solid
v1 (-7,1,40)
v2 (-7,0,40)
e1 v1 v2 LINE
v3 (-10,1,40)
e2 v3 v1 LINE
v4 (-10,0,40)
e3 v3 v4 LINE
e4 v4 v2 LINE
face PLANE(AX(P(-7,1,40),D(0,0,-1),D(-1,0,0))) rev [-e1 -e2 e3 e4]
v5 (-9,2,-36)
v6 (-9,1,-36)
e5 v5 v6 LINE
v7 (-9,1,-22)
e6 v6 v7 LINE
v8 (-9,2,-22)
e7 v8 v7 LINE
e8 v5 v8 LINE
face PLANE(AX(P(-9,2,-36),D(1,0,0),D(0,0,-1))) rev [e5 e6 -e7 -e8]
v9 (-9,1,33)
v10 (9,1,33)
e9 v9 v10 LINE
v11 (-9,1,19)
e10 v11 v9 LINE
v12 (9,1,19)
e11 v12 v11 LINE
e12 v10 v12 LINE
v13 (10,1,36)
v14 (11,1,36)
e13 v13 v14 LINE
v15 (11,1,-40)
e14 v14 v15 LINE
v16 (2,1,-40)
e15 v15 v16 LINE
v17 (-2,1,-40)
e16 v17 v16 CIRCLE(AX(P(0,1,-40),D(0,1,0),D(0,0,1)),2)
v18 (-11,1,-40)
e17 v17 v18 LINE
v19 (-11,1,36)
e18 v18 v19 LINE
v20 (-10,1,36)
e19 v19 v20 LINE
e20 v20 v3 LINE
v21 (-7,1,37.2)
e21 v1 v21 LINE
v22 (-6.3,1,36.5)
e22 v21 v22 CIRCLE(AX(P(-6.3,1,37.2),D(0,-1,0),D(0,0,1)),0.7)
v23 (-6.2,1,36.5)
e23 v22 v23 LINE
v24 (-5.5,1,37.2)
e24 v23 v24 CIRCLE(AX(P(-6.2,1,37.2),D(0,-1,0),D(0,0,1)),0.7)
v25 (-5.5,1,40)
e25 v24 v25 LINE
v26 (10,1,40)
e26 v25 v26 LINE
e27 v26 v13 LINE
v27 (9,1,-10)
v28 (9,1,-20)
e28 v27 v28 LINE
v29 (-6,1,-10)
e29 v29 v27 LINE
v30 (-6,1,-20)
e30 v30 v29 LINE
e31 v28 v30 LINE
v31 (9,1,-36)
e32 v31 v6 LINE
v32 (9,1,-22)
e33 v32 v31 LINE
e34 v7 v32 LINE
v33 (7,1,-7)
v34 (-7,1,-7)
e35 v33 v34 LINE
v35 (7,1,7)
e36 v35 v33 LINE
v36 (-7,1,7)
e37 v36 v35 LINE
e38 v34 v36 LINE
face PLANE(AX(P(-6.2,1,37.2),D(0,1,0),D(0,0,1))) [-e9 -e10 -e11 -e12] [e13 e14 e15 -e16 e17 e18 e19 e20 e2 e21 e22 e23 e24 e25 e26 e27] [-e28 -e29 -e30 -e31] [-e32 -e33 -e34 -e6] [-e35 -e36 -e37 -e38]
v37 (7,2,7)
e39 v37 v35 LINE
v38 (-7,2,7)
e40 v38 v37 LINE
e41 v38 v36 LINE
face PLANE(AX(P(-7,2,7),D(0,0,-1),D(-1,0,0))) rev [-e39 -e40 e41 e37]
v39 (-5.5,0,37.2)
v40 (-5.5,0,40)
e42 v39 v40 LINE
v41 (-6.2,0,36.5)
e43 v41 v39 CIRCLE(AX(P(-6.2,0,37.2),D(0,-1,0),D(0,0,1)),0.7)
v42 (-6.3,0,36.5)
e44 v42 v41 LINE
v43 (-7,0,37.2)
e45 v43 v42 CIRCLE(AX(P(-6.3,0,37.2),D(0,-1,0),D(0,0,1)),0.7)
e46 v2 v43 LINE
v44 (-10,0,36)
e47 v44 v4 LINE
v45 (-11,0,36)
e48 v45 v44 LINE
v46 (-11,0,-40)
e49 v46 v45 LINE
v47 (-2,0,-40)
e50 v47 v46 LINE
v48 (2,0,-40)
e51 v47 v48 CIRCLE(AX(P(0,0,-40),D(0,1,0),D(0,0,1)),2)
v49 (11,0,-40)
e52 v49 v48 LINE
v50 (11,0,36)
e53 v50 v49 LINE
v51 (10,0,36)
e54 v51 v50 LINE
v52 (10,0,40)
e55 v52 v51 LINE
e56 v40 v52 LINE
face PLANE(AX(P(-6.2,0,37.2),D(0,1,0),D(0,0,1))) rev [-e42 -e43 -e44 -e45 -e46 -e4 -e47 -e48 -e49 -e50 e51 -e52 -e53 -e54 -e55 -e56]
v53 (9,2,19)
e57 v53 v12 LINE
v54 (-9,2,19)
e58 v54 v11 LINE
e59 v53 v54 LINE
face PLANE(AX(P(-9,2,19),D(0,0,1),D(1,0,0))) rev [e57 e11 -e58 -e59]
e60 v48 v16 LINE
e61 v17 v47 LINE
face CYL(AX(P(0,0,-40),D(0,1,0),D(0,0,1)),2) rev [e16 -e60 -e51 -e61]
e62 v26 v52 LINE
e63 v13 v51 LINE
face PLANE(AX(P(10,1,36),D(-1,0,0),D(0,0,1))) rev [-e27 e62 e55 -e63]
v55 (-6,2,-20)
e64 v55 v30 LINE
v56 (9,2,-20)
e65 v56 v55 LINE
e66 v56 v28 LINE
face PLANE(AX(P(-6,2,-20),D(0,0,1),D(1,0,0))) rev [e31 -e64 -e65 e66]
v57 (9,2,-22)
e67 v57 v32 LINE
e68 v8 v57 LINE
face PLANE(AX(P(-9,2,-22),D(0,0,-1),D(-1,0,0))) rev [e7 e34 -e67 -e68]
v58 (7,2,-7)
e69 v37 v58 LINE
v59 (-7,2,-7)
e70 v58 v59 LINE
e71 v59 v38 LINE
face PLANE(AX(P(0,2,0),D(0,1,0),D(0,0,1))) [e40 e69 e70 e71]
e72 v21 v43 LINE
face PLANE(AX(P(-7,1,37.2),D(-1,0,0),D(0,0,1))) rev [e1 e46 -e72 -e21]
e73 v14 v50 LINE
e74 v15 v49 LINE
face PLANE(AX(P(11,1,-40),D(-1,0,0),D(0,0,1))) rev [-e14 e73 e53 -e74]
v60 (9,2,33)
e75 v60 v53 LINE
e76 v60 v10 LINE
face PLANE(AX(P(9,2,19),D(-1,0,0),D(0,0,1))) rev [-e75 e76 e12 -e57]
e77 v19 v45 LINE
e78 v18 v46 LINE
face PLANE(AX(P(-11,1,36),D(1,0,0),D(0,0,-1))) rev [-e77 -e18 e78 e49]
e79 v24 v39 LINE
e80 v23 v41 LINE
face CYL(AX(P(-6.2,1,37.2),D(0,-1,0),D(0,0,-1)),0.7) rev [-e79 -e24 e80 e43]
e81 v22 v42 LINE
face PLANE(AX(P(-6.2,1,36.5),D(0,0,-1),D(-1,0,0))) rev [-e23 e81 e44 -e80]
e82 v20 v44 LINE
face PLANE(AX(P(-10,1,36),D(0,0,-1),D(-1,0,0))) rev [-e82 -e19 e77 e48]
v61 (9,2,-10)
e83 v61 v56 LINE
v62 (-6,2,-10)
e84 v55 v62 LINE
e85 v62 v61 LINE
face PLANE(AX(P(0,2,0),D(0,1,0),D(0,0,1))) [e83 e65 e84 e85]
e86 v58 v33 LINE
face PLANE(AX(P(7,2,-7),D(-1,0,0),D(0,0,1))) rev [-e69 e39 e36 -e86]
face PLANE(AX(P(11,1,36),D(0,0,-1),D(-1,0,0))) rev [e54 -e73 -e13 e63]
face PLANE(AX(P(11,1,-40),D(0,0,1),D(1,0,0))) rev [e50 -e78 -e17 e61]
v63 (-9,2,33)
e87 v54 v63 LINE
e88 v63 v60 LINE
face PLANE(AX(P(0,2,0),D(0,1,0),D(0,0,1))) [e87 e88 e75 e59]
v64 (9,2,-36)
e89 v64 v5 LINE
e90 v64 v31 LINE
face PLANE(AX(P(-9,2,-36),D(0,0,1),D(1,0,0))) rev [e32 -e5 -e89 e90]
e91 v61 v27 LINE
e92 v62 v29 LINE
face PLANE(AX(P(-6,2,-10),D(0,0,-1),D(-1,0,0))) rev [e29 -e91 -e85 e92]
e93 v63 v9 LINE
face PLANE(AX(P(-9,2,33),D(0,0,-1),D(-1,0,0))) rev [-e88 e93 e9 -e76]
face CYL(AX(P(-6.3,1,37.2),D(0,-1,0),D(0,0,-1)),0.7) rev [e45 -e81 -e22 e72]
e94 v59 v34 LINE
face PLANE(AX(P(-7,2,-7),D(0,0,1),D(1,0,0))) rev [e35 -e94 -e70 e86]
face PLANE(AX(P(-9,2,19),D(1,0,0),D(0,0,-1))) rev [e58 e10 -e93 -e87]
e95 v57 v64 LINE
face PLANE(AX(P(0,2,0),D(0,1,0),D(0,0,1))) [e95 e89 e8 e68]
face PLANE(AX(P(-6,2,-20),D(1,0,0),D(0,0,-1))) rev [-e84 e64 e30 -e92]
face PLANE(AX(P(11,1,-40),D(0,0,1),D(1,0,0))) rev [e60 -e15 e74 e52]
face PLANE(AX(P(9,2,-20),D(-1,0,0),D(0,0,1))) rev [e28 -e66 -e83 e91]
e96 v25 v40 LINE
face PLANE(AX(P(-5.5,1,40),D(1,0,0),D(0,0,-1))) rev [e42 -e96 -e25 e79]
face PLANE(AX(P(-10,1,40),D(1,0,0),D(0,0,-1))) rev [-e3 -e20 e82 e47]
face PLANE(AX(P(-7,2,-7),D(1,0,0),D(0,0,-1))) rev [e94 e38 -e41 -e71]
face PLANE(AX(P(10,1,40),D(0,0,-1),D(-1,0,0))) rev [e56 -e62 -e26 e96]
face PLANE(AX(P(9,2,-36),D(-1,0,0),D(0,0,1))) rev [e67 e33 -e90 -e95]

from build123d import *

# Parameters (mm, degrees)
BOSS_EXTRUDE1_DEPTH = 1
SKETCH2_R           = 2
CUT_EXTRUDE1_DEPTH  = 2
SKETCH4_W           = 18
SKETCH4_H           = 14
SKETCH4_W_2         = 15
SKETCH4_H_2         = 10
SKETCH4_W_3         = 14
BOSS_EXTRUDE2_DEPTH = 1


with BuildPart() as part:
    # Sketch1 → Boss-Extrude1 (new body)
    with BuildSketch(Plane(origin=(0, 0, 0), x_dir=(1, 0, 0), z_dir=(0, 1, 0))):
        with BuildLine():
            Line((11, 40), (-11, 40))
            Line((-11, 40), (-11, -36))
            Line((-11, -36), (-10, -36))
            Line((-10, -36), (-10, -40))
            Line((-10, -40), (-7, -40))
            Line((-7, -40), (-7, -37.2))
            ThreePointArc((-7, -37.2), (-6.794974747, -36.705025253), (-6.3, -36.5))
            Line((-6.3, -36.5), (-6.2, -36.5))
            ThreePointArc((-6.2, -36.5), (-5.705025253, -36.705025253), (-5.5, -37.2))
            Line((-5.5, -37.2), (-5.5, -40))
            Line((-5.5, -40), (10, -40))
            Line((10, -40), (10, -36))
            Line((10, -36), (11, -36))
            Line((11, -36), (11, 40))
        make_face()
    extrude(amount=BOSS_EXTRUDE1_DEPTH)

    # Sketch2 → Cut-Extrude1 (cut, through all)
    with BuildSketch(Plane(origin=(0, 1, 0), x_dir=(1, 0, 0), z_dir=(0, 1, 0))):
        with Locations((0, 40)):
            Circle(SKETCH2_R)
    extrude(amount=-CUT_EXTRUDE1_DEPTH, mode=Mode.SUBTRACT)

    # Sketch4 → Boss-Extrude2 (add)
    with BuildSketch(Plane(origin=(0, 1, 0), x_dir=(1, 0, 0), z_dir=(0, 1, 0))):
        with Locations((0, 29)):
            Rectangle(SKETCH4_W, SKETCH4_H)
        with Locations((1.5, 15)):
            Rectangle(SKETCH4_W_2, SKETCH4_H_2)
        Rectangle(SKETCH4_W_3, SKETCH4_H)
        with Locations((0, -26)):
            Rectangle(SKETCH4_W, SKETCH4_H)
    extrude(amount=BOSS_EXTRUDE2_DEPTH)


solid = part.part
